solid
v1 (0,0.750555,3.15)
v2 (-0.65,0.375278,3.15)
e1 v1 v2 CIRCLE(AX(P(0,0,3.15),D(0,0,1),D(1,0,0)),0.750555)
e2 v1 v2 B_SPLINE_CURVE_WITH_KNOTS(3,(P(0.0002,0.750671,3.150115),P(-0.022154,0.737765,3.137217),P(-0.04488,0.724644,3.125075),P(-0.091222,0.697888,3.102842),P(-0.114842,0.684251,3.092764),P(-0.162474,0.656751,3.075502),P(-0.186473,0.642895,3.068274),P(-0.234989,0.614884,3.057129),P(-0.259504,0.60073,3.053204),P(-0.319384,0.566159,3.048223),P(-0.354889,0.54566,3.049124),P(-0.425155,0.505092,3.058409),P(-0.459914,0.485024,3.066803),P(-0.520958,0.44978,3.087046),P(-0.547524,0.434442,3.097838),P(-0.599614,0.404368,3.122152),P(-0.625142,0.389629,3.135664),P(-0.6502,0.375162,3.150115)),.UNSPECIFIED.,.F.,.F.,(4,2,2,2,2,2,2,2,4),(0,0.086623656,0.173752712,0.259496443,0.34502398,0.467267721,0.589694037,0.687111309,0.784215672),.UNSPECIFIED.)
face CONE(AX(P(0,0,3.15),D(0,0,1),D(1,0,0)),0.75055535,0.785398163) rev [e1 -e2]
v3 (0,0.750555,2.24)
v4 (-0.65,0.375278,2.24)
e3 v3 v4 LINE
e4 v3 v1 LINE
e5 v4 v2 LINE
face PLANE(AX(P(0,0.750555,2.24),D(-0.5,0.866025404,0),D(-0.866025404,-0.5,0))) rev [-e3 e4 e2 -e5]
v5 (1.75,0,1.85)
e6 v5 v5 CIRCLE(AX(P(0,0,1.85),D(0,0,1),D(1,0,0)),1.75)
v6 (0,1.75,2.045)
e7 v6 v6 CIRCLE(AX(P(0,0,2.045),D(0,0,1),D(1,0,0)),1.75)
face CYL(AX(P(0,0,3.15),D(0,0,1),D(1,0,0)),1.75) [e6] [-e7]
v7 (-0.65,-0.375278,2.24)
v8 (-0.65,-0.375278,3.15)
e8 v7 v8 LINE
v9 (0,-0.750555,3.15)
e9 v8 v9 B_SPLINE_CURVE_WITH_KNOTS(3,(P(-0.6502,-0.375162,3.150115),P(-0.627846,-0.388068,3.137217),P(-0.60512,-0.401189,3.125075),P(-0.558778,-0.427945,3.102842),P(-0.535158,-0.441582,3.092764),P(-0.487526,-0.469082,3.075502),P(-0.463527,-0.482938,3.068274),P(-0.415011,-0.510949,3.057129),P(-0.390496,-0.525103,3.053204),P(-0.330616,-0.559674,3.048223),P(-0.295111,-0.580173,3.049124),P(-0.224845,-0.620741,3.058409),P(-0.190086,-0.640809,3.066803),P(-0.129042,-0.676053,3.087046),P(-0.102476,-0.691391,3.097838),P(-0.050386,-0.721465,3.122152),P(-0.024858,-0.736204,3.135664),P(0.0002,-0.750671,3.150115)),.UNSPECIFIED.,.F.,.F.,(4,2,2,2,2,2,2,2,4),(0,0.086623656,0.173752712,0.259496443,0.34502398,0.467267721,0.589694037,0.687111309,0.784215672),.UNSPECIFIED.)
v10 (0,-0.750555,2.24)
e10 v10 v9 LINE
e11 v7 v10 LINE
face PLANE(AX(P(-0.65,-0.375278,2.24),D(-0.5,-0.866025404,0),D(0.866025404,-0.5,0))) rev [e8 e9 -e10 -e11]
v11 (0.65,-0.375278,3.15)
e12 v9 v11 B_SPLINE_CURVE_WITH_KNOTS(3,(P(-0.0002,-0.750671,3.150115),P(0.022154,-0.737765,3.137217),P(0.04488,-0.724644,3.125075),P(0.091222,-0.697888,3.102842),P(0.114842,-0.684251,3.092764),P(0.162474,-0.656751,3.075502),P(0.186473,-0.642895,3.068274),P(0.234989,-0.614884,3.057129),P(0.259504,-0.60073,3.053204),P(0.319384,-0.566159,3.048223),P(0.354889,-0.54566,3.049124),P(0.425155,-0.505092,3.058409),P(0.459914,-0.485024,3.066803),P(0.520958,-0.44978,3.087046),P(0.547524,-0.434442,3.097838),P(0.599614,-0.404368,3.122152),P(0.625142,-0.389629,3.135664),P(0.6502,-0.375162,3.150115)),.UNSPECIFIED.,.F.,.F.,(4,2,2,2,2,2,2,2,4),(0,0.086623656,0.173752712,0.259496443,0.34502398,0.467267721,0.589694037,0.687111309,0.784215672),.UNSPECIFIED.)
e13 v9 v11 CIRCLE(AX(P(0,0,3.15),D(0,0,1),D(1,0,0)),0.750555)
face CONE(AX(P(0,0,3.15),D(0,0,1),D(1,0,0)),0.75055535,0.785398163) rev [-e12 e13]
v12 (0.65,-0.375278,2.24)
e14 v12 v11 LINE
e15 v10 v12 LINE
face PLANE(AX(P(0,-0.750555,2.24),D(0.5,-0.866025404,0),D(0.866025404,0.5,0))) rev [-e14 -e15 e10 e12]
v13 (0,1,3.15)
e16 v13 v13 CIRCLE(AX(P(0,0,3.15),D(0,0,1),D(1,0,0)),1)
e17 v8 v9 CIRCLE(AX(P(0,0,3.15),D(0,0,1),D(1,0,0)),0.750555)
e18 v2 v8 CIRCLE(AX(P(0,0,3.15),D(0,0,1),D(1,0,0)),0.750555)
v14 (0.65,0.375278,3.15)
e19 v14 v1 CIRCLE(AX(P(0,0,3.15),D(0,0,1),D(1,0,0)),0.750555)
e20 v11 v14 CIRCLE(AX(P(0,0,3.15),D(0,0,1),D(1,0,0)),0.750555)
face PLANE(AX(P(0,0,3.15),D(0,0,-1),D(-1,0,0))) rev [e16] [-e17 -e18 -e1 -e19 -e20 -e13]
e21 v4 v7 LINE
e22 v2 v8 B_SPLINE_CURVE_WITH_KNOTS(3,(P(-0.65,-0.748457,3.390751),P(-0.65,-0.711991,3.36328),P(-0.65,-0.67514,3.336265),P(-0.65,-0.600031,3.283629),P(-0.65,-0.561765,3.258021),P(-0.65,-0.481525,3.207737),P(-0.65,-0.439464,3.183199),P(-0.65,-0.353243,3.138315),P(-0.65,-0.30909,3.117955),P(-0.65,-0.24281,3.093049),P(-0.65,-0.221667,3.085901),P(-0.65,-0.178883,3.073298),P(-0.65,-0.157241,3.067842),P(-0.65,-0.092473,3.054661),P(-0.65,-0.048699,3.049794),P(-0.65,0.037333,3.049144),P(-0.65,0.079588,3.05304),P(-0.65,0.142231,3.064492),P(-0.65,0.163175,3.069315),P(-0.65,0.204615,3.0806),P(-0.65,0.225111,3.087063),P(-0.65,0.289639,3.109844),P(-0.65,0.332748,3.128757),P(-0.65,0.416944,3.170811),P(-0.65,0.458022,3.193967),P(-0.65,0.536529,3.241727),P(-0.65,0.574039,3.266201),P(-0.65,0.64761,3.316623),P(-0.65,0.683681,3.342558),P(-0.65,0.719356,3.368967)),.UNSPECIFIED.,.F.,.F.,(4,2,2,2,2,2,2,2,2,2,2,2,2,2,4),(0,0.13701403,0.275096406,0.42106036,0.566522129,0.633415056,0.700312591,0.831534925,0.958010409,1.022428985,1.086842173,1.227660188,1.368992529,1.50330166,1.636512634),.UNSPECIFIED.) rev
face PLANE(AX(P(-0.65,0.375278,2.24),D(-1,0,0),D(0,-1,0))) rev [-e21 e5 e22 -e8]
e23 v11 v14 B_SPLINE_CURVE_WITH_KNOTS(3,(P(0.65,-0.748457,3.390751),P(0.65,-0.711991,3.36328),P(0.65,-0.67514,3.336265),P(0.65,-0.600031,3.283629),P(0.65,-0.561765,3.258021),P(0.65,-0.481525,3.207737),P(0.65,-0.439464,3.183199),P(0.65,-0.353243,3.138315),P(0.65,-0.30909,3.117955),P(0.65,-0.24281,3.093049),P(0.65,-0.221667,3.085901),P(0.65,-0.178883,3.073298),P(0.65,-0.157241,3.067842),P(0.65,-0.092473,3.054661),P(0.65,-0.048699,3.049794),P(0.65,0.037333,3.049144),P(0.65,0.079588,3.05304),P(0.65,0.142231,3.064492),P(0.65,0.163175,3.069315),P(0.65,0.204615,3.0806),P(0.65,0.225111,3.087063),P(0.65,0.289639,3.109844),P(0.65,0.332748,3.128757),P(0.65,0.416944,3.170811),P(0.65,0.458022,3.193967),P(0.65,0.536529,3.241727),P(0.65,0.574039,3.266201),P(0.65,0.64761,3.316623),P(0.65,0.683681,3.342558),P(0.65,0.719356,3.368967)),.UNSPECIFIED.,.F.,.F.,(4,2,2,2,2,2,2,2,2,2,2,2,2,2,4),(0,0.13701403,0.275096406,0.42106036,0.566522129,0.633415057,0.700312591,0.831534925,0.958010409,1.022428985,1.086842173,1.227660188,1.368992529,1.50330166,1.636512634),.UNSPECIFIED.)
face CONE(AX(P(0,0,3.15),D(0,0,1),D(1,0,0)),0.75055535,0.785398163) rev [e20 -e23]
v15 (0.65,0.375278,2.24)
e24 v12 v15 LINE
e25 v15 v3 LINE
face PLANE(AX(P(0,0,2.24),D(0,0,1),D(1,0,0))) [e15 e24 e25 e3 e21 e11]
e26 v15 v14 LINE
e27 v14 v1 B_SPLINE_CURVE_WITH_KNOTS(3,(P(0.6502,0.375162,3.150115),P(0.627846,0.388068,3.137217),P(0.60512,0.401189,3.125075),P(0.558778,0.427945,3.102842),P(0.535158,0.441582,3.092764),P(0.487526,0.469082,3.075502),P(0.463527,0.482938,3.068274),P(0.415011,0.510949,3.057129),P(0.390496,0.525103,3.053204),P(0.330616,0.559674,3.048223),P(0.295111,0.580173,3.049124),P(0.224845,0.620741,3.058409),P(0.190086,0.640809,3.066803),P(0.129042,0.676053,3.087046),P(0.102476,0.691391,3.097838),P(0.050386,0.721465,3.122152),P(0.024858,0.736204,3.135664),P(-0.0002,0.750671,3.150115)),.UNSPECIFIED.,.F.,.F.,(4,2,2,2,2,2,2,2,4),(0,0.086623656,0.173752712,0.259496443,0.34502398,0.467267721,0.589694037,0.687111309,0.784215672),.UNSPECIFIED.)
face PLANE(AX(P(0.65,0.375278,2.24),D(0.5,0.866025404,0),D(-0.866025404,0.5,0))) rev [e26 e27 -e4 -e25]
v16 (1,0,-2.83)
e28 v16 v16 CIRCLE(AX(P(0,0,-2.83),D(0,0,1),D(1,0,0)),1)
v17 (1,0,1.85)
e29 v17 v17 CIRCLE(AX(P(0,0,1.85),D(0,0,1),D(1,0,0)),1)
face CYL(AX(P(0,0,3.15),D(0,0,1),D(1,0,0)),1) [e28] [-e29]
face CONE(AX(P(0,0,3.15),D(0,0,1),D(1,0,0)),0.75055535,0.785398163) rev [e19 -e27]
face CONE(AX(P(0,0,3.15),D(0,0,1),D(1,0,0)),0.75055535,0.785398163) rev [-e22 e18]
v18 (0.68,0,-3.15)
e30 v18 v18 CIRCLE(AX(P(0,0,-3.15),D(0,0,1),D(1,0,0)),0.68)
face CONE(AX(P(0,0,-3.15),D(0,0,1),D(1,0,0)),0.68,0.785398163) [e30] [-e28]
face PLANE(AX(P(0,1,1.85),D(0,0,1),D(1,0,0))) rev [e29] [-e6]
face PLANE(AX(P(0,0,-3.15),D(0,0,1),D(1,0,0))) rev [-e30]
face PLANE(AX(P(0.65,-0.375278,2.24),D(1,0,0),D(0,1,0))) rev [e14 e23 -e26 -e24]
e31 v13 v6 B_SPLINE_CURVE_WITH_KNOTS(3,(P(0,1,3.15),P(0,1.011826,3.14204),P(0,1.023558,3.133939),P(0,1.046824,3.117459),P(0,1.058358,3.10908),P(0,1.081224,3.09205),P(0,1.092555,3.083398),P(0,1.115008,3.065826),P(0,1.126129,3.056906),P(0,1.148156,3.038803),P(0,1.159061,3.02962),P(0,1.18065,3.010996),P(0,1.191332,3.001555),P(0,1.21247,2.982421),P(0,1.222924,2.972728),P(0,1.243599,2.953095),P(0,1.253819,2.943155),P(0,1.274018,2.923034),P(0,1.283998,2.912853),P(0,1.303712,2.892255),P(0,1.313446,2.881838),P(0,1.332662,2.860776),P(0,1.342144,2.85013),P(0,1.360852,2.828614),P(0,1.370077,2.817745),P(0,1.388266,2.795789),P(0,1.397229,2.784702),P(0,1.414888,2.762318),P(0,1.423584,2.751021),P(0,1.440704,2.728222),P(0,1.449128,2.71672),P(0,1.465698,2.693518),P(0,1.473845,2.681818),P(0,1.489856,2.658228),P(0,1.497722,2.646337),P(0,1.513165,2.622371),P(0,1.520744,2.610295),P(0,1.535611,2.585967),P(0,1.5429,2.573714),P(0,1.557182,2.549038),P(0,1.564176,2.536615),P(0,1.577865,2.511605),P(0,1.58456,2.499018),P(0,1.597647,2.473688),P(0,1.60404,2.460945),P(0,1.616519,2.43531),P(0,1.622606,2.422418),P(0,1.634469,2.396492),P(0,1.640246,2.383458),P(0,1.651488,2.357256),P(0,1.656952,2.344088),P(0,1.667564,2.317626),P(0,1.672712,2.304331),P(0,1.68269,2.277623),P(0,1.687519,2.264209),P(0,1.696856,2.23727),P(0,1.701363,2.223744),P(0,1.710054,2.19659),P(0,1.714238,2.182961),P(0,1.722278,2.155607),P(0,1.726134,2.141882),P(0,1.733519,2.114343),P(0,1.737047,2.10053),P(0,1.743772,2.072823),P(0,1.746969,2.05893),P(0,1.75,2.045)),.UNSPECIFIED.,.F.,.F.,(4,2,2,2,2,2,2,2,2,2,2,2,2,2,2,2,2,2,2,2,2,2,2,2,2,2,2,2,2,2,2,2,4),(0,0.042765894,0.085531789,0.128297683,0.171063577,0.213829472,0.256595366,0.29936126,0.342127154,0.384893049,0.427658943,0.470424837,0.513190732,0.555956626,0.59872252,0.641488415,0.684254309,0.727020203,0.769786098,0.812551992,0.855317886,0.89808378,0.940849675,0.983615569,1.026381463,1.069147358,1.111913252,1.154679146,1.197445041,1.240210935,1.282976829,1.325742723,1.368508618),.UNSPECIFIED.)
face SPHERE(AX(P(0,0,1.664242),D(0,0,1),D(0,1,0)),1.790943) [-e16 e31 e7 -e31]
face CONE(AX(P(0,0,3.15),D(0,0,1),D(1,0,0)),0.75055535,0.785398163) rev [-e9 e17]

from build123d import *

# Parameters (mm, degrees)
CUT_EXTRUDE1_DEPTH = 0.91


with BuildPart() as part:
    # Sketch2 → Revolve1 (revolve)
    with BuildSketch(Plane(origin=(0, 0, 0), x_dir=(0, 0, -1), z_dir=(1, 0, 0)), mode=Mode.PRIVATE) as revolve1_sk:
        with BuildLine():
            Line((-3.15, 0), (3.15, 0))
            Line((3.15, 0), (3.15, 0.68))
            Line((3.15, 0.68), (2.83, 1))
            Line((2.83, 1), (-1.85, 1))
            Line((-1.85, 1), (-1.85, 1.75))
            Line((-1.85, 1.75), (-2.045, 1.75))
            ThreePointArc((-2.045, 1.75), (-2.670023043, 1.481850617), (-3.15, 1))
            Line((-3.15, 1), (-3.15, 0))
        make_face()
    revolve(revolve1_sk.sketch.rotate(Axis((0, 0, 3.15), (0, 0, -1)), 90), axis=Axis((0, 0, 3.15), (0, 0, -1)))

    # Sketch3 → Cut-Extrude1 (cut)
    with BuildSketch(Plane.XY.offset(3.15)):
        Polygon((0, 0.75055535), (-0.65, 0.375277675), (-0.65, -0.375277675), (0, -0.75055535), (0.65, -0.375277675), (0.65, 0.375277675), align=None)
    extrude(amount=-CUT_EXTRUDE1_DEPTH, mode=Mode.SUBTRACT)

    # Cut-Extrude2 cone 1 section (through the dimple's axis) → Cut-Extrude2 (revolve, cut)
    with BuildSketch(Plane(origin=(0, 0, 3.15), x_dir=(0, -1, 0), z_dir=(1, 0, 0))):
        Polygon((0, 0), (0.75055535, 0), (0, 0.75055535), align=None)
    revolve(axis=Axis((0, 0, 3.15), (0, 0, -1)), mode=Mode.SUBTRACT)


solid = part.part
